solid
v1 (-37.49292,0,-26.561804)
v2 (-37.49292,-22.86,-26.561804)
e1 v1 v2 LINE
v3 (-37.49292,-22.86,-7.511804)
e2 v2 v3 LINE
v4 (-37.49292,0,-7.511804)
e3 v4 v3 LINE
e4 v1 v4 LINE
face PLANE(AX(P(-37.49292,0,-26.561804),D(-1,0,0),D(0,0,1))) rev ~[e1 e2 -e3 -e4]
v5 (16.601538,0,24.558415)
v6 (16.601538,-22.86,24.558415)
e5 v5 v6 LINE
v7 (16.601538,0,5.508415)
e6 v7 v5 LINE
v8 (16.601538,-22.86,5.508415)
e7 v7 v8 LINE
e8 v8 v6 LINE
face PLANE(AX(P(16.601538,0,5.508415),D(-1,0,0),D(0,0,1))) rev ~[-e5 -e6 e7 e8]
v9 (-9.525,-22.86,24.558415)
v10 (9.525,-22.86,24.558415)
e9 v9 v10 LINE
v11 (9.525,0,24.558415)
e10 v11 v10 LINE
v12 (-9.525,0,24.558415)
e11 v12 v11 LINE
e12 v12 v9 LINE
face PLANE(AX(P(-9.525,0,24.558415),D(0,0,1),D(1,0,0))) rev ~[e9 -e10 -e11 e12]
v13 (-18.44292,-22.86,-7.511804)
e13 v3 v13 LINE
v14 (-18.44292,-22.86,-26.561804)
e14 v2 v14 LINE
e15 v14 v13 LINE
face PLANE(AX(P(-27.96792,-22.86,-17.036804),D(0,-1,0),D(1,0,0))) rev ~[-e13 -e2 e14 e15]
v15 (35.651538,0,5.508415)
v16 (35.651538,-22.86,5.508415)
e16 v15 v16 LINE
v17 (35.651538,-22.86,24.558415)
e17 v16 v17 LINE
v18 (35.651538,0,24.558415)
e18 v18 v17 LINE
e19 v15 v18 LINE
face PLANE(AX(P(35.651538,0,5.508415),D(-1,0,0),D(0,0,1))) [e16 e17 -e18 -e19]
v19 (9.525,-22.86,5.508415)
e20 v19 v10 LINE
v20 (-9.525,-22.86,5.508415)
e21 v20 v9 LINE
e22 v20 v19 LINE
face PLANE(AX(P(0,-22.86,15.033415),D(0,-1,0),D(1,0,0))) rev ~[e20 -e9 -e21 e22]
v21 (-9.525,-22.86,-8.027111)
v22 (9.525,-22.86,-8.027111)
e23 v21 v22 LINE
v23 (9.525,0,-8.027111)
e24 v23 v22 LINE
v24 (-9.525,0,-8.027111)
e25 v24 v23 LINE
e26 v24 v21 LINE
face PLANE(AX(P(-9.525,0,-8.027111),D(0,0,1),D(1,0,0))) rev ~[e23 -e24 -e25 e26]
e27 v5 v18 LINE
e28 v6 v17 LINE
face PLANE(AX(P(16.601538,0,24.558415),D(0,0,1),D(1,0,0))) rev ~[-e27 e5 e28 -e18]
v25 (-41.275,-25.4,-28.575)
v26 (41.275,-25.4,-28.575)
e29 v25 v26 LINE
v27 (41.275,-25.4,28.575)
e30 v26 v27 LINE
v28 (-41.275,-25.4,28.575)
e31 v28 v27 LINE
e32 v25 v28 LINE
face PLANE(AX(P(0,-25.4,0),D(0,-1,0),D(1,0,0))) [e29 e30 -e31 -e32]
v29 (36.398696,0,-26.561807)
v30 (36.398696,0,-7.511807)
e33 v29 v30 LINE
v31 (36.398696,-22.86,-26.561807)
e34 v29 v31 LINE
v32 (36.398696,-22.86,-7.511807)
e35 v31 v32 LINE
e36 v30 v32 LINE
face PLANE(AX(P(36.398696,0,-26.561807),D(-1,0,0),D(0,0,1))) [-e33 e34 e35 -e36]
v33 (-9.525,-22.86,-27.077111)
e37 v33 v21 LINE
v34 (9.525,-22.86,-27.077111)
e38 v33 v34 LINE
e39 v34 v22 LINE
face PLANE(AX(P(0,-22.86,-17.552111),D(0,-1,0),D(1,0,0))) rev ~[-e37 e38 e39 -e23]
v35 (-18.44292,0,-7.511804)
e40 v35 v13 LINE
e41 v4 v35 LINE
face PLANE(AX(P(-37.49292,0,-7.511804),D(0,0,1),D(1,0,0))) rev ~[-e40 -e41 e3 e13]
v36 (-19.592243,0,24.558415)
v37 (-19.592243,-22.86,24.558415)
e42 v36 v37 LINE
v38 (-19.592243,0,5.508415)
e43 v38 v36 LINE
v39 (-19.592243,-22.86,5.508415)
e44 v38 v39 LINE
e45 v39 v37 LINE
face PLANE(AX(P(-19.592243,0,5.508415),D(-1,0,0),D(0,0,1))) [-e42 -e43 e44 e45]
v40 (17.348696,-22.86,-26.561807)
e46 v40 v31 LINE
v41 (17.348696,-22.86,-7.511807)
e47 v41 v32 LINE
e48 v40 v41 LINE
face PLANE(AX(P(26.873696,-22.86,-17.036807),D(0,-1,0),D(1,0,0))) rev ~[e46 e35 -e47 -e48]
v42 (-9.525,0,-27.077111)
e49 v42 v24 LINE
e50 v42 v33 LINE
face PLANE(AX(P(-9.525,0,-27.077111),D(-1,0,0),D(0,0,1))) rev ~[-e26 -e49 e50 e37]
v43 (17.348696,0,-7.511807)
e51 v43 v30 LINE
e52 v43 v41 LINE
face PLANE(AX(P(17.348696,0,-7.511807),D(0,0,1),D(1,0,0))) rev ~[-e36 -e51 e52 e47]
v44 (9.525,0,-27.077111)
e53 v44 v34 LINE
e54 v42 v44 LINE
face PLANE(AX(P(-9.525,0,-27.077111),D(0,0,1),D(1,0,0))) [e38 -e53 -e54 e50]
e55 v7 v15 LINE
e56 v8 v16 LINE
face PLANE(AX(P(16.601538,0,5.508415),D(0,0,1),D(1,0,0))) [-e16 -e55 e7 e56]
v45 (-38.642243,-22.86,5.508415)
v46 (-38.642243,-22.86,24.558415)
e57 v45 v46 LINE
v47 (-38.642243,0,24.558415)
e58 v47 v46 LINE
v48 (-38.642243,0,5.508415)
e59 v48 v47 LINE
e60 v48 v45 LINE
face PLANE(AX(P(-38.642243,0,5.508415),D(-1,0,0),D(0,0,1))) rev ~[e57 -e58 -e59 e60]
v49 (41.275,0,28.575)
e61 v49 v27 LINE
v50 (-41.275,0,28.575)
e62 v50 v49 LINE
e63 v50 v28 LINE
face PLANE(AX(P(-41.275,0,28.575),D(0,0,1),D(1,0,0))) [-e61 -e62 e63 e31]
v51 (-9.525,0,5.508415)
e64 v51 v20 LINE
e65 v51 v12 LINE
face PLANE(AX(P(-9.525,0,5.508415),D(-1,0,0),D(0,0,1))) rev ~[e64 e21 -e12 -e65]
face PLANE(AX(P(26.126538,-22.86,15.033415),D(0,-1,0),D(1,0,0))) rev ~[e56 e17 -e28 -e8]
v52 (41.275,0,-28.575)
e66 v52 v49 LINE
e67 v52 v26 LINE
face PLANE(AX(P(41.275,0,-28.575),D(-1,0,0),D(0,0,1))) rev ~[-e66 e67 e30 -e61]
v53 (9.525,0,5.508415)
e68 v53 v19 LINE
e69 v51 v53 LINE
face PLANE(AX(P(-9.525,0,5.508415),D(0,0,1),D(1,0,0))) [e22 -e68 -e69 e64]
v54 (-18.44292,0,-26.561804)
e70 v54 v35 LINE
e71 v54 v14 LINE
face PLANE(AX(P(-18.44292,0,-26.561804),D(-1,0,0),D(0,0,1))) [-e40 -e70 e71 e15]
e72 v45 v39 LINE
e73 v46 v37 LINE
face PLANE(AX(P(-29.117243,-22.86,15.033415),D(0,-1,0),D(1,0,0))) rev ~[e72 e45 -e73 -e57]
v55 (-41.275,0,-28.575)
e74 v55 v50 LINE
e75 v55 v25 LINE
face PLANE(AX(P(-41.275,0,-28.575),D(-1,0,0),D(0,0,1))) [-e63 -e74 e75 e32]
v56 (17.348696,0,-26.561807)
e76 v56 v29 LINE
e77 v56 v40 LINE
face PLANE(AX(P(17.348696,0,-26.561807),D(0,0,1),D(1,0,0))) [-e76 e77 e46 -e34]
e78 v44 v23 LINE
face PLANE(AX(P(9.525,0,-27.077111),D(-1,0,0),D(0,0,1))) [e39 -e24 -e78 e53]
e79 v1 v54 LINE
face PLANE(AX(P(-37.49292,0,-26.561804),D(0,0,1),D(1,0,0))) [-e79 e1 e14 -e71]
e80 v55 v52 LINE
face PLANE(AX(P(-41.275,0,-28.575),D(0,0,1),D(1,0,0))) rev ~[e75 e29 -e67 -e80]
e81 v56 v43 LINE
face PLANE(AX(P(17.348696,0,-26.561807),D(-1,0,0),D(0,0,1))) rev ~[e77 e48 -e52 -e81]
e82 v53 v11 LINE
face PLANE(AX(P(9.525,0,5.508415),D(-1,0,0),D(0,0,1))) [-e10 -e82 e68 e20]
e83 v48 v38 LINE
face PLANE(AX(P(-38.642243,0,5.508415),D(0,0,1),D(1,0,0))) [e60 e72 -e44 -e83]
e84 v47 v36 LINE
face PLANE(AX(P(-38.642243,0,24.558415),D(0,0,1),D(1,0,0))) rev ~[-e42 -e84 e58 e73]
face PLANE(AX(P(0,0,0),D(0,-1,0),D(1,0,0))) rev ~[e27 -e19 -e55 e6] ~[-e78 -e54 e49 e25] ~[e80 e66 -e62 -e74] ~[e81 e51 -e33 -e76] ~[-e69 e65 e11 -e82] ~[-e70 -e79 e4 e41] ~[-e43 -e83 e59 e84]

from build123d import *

# Parameters (mm, degrees)
F0_W     = 82.55
F0_H     = 57.15
F0_W_2   = 76.2
F0_H_2   = 50.8
F1_DEPTH = 25.4
F2_W     = 19.05
F2_H     = 19.05
F3_DEPTH = 22.86


with BuildPart() as f1:
    # F0 (on Front) → F1 (new body)
    with BuildSketch(Plane.XZ):
        Rectangle(F0_W, F0_H)
        Rectangle(F0_W_2, F0_H_2, mode=Mode.SUBTRACT)
        Rectangle(F0_W_2, F0_H_2)
    extrude(amount=F1_DEPTH)

    # F2 (on Front) → F3 (cut)
    with BuildSketch(Plane.XZ):
        with Locations((26.126538, 15.033415)):
            Rectangle(F2_W, F2_H)
        with Locations((0, 15.033415)):
            Rectangle(F2_W, F2_H)
        with Locations((-29.117243, 15.033415)):
            Rectangle(F2_W, F2_H)
        with Locations((-27.96792, -17.036804)):
            Rectangle(F2_W, F2_H)
        with Locations((0, -17.552111)):
            Rectangle(F2_W, F2_H)
        with Locations((26.873696, -17.036807)):
            Rectangle(F2_W, F2_H)
    extrude(amount=F3_DEPTH, mode=Mode.SUBTRACT)


solid = f1.part
